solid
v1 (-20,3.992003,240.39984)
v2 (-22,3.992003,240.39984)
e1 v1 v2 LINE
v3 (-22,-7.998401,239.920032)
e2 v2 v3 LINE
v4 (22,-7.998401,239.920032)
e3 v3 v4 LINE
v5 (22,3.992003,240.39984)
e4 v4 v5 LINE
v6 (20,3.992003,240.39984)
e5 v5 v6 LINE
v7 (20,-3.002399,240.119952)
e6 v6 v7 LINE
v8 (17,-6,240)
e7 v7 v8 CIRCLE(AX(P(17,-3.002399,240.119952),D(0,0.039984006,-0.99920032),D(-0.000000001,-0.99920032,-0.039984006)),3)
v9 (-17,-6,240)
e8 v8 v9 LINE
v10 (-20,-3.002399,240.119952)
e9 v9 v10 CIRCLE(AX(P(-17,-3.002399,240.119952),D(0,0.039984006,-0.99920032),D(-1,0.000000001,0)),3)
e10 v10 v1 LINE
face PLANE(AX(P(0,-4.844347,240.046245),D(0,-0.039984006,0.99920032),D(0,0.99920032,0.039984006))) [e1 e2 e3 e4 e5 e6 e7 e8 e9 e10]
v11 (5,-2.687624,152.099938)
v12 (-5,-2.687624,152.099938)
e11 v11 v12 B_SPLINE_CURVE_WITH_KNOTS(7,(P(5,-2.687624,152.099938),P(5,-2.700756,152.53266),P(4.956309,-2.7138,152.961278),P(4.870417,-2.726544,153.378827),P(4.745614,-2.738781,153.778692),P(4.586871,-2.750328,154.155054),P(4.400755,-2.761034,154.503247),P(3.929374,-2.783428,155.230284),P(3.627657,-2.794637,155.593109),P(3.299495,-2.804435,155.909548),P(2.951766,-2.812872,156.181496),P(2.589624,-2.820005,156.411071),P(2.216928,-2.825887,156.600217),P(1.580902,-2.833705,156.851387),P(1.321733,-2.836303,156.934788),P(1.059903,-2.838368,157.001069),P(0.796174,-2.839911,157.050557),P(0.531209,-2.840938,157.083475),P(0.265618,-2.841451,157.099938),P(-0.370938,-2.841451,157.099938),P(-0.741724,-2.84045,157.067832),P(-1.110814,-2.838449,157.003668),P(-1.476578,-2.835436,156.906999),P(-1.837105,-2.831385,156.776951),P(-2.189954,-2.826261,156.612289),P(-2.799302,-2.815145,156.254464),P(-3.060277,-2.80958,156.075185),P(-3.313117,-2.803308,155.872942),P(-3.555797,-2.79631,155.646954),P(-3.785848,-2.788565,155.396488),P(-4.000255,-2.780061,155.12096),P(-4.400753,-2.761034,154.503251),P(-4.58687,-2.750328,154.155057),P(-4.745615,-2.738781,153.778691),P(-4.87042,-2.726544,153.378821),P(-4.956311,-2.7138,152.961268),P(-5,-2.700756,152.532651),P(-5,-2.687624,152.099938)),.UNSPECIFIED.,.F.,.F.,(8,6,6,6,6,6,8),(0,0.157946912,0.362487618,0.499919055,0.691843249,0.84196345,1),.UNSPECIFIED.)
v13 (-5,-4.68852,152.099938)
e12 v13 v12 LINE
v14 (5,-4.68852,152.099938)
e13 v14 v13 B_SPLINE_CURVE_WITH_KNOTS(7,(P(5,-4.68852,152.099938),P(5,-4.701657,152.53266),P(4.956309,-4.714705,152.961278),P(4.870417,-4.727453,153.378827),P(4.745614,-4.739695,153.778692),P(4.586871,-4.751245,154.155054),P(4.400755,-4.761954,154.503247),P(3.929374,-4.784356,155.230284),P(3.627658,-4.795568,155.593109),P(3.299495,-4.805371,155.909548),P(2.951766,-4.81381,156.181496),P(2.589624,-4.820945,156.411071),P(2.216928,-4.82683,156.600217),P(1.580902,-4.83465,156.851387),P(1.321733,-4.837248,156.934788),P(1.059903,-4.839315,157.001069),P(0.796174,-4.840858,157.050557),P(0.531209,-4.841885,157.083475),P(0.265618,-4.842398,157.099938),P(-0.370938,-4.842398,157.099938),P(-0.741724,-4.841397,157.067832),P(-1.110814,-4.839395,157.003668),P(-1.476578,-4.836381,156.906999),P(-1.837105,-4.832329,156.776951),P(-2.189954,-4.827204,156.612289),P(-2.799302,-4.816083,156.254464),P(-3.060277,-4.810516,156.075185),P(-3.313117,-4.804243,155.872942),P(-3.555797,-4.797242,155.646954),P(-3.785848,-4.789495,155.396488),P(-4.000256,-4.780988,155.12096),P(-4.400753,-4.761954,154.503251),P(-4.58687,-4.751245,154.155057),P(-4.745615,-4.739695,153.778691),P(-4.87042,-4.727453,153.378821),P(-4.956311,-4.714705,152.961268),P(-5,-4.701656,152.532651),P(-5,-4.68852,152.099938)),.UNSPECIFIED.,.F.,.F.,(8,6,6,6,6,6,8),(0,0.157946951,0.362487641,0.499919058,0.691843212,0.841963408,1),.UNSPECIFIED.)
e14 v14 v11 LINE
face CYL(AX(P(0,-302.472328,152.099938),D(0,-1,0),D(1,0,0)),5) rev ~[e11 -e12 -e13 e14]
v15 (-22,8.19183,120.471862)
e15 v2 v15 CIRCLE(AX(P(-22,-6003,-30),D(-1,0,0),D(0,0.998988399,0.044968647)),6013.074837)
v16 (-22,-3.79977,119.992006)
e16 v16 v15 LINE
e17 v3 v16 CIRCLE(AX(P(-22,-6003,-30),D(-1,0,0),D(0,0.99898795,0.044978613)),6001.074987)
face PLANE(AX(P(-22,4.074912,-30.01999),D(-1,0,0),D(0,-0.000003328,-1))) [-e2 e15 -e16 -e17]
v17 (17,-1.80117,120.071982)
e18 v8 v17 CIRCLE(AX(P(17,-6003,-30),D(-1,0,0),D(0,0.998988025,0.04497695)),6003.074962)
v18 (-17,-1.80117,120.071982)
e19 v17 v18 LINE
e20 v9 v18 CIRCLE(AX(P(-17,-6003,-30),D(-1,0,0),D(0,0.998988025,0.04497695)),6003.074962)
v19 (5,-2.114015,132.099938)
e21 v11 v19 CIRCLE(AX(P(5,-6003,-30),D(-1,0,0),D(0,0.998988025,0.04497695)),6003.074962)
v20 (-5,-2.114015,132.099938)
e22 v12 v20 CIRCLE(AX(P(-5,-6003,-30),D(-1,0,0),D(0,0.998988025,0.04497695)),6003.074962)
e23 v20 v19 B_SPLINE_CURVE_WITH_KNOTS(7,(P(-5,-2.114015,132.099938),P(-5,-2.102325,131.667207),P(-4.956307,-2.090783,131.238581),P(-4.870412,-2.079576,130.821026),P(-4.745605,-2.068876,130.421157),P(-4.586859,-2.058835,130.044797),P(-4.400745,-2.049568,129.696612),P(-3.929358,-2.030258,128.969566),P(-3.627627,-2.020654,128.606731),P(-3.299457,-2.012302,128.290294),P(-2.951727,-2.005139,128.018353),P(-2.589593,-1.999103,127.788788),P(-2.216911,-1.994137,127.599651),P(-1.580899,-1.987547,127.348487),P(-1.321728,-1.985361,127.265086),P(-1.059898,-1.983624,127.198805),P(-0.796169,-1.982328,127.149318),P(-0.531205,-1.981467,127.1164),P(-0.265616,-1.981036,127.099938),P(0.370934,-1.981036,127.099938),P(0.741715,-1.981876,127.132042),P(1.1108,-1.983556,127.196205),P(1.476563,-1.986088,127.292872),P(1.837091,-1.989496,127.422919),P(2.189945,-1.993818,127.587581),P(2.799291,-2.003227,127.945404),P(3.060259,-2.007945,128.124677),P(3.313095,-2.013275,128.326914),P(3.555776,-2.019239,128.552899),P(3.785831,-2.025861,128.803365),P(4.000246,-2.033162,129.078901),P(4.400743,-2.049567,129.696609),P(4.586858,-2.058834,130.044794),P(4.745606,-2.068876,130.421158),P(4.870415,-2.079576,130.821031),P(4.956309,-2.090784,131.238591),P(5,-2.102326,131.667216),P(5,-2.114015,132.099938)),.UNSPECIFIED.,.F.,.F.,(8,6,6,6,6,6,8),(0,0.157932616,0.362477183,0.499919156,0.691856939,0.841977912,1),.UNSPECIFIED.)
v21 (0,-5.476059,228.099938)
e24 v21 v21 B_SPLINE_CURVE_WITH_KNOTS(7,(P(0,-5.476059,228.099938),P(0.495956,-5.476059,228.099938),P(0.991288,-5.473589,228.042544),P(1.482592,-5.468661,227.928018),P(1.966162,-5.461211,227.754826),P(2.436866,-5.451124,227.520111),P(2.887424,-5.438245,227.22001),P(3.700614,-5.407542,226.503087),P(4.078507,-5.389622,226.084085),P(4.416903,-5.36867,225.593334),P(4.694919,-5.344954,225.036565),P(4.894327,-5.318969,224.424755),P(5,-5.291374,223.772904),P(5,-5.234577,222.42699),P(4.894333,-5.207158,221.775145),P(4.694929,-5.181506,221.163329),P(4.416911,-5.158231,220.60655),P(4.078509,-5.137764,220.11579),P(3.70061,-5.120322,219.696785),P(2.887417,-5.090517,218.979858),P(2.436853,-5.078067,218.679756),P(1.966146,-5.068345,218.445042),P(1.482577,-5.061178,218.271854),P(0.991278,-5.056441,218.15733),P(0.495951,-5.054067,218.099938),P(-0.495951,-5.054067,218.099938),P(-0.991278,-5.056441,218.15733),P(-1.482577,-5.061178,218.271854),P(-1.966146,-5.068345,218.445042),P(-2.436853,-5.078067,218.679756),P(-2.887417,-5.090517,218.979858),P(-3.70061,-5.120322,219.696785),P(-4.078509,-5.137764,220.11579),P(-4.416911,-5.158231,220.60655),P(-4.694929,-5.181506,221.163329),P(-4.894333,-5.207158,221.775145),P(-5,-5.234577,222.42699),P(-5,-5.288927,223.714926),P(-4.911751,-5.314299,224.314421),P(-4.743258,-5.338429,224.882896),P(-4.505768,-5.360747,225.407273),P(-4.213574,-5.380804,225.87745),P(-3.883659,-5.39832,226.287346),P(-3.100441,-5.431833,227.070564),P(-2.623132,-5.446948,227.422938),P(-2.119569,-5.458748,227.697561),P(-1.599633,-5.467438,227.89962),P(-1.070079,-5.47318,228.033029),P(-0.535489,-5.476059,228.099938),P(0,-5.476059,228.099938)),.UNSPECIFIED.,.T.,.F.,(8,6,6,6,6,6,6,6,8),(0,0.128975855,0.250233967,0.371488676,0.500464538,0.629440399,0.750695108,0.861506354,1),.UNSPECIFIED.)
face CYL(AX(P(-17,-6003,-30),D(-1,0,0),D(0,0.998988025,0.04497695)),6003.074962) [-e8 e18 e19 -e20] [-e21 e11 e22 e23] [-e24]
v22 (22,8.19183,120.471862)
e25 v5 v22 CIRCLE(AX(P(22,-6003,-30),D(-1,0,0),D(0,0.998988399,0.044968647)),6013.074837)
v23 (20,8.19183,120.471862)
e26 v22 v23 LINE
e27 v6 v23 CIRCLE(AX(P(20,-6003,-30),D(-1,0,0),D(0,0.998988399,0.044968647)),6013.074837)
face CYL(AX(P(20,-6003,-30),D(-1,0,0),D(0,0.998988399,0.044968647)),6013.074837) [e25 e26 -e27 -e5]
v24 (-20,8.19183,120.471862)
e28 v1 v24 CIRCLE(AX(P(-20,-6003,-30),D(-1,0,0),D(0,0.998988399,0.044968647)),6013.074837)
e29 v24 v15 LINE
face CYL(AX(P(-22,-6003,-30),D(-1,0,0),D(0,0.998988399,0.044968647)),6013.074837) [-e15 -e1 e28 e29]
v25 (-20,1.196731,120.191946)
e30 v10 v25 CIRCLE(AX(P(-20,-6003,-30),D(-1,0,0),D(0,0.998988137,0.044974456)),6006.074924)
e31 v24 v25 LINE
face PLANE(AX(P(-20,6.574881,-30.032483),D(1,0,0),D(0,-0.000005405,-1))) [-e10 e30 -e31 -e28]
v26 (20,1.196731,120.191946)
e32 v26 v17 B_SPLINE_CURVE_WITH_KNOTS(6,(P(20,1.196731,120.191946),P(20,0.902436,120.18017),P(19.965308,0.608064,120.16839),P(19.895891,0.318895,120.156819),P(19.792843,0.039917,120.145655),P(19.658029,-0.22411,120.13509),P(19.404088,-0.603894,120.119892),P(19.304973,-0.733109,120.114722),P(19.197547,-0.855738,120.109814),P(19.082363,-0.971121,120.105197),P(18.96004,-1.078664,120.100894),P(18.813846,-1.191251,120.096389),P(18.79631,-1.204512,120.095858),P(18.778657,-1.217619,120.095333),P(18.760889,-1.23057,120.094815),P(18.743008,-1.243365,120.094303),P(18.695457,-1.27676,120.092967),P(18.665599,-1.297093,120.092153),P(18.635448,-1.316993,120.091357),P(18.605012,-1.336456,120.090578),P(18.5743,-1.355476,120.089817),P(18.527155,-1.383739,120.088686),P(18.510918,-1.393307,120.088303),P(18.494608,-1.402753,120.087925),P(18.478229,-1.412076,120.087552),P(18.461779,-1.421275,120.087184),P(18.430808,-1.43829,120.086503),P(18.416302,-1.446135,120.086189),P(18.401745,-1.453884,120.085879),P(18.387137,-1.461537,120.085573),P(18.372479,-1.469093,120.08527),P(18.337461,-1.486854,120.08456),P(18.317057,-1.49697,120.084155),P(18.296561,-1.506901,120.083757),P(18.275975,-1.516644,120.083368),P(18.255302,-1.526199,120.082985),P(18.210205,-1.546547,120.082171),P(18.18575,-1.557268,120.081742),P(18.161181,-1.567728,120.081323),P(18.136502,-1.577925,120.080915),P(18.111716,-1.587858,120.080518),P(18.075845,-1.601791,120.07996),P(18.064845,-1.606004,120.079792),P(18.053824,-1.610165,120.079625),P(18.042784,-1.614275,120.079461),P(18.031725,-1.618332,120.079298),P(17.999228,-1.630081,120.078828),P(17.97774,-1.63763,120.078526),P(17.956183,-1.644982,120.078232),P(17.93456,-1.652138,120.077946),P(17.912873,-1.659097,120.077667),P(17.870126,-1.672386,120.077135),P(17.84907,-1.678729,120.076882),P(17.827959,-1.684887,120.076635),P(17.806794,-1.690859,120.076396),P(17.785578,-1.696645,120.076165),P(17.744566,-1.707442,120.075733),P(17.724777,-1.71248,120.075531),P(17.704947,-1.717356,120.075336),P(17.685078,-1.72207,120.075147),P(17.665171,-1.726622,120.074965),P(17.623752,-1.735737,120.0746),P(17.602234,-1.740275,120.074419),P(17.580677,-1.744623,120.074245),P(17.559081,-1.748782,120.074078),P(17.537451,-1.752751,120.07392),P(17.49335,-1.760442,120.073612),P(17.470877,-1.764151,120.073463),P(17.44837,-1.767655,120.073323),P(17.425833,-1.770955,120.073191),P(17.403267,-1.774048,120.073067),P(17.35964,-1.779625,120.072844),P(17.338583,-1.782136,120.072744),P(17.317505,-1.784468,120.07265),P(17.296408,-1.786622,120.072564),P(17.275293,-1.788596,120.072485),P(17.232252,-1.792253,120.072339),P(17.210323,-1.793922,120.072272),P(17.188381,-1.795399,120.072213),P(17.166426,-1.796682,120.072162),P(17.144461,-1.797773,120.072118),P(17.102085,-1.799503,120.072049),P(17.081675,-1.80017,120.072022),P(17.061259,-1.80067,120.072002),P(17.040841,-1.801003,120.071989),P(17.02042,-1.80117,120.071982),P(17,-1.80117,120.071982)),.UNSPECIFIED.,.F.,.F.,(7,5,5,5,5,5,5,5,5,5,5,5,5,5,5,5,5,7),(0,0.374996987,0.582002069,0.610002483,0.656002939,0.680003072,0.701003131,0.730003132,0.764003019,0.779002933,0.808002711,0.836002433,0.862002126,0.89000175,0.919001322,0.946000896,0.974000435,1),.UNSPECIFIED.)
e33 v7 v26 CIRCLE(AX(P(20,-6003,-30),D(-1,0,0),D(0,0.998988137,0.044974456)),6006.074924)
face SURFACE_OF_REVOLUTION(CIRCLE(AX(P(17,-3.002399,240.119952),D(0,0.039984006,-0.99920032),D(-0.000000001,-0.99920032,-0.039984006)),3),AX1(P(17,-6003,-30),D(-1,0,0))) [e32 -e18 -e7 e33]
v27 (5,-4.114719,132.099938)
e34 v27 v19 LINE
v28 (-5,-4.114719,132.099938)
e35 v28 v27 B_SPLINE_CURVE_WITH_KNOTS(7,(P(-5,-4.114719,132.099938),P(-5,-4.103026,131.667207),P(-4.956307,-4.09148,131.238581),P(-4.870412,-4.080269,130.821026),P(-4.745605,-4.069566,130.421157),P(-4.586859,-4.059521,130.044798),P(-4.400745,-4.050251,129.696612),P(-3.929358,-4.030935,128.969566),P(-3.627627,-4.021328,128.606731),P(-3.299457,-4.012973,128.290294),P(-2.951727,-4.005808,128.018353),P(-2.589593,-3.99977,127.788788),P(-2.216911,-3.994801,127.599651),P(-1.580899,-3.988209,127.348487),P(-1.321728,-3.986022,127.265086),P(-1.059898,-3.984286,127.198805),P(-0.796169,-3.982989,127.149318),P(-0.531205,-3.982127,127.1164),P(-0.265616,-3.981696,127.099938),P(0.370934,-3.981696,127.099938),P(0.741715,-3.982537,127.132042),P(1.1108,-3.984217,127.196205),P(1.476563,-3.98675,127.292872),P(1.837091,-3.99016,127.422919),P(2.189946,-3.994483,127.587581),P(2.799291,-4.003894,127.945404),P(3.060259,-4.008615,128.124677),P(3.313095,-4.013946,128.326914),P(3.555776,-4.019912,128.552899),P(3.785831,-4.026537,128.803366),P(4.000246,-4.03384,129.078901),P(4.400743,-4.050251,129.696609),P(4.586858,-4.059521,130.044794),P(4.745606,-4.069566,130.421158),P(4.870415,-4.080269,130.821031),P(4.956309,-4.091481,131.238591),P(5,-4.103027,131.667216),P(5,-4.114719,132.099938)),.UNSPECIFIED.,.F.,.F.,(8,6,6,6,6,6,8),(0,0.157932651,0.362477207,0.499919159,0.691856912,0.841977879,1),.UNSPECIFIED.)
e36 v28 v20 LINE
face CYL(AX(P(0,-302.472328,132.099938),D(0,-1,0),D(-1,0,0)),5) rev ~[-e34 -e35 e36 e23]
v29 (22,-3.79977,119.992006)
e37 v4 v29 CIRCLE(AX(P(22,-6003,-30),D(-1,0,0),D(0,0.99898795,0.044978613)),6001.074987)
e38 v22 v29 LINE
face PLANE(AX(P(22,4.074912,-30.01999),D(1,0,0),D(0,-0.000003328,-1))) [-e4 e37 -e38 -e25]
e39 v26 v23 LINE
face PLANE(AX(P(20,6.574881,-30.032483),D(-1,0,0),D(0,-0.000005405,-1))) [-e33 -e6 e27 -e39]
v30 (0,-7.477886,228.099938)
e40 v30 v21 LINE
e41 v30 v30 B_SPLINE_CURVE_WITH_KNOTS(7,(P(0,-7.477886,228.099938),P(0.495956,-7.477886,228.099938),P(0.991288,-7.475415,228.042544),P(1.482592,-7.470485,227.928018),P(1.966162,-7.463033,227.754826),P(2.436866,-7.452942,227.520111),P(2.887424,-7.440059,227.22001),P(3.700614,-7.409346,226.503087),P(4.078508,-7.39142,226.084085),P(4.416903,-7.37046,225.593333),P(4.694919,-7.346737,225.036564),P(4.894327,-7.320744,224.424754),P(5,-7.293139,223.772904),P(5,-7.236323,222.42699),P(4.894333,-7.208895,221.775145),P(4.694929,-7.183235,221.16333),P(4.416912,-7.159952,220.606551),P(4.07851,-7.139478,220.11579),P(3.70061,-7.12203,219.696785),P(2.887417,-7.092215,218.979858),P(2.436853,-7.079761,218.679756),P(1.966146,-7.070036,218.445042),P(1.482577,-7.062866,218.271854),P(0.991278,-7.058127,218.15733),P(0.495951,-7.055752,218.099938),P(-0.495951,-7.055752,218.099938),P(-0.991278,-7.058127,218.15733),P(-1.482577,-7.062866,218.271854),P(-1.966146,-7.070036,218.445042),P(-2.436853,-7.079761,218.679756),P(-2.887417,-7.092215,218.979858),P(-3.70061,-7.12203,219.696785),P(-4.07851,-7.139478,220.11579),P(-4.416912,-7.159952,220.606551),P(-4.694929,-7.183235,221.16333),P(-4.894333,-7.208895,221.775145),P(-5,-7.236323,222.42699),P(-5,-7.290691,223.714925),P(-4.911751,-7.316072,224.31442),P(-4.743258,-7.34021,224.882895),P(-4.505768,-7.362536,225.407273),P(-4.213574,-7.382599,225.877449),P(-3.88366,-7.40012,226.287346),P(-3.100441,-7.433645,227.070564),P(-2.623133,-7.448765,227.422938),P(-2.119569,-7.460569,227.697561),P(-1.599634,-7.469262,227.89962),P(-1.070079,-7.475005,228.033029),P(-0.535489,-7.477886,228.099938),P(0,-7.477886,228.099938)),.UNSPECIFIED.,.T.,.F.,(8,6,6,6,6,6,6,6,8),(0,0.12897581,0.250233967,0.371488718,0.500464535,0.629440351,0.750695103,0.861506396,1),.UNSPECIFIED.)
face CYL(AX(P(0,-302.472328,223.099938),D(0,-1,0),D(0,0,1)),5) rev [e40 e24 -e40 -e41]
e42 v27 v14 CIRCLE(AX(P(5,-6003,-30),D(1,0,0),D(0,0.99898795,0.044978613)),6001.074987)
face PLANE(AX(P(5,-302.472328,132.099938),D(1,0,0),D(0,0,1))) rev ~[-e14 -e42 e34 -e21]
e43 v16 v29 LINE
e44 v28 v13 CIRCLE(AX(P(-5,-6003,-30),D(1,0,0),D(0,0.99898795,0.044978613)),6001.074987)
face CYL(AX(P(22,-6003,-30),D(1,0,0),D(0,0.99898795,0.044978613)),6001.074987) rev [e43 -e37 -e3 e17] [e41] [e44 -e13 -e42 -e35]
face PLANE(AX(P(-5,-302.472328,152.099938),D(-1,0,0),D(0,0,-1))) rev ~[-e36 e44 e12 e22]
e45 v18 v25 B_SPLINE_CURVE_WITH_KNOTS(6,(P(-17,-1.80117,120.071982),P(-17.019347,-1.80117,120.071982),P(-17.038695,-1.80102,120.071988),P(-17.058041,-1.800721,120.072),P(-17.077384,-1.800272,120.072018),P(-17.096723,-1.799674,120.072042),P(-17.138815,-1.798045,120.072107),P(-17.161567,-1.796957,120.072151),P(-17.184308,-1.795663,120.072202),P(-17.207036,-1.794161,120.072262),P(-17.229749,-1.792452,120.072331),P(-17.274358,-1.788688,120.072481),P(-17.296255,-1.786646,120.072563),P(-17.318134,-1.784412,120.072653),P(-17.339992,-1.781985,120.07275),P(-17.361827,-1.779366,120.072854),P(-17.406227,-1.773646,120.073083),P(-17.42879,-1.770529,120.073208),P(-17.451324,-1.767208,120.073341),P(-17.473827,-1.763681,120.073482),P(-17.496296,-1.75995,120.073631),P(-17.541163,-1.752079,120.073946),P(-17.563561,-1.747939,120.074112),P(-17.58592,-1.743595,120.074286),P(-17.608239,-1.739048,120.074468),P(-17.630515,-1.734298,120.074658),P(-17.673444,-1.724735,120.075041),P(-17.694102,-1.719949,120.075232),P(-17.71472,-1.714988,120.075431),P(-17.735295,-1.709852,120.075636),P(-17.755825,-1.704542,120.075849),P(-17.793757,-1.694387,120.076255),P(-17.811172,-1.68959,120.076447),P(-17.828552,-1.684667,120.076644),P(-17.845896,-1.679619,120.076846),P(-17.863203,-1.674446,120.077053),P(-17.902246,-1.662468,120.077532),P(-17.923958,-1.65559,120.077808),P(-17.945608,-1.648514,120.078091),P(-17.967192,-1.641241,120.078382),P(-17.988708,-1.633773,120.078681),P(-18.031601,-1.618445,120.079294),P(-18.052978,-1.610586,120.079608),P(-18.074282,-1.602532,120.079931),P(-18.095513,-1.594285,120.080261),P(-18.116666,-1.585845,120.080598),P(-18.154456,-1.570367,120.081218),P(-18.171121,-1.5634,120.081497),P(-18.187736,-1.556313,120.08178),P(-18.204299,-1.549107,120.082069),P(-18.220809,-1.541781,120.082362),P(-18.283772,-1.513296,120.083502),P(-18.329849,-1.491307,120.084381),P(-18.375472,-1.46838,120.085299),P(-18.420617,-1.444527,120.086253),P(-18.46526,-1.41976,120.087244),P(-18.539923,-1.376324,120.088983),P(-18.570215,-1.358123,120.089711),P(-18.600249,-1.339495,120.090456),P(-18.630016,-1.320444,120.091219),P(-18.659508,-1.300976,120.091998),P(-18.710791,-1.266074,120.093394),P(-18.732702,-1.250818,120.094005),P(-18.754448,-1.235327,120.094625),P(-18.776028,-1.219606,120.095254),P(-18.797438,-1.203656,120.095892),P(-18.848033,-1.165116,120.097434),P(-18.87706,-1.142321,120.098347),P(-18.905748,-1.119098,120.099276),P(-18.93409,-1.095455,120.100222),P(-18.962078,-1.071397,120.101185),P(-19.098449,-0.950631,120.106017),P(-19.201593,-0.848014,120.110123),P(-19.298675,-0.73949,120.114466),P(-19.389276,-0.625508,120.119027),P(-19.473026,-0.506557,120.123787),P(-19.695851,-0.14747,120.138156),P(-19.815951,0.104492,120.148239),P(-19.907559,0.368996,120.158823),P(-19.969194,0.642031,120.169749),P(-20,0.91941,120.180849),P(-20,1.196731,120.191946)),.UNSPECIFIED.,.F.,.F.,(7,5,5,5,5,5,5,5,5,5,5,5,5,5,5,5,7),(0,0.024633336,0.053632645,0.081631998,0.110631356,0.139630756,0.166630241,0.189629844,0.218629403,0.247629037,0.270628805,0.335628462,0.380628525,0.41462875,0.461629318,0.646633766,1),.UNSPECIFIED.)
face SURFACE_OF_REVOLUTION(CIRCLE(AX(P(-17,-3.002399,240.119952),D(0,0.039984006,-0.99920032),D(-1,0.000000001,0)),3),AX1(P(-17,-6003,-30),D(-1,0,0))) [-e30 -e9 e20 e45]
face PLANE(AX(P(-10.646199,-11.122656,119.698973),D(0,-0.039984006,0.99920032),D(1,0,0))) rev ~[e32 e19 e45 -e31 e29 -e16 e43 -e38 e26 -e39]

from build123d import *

# Parameters (mm, degrees)
VARIOUS_MOUNTING_POINTS_DEPTH      = 302.472328172
VARIOUS_MOUNTING_POINTS_DEPTH_BACK = 302.472328172
SKETCH4_R                          = 5
SKETCH5_W                          = 142.042704148
SKETCH5_H                          = 92.874075788
CUT_EXTRUDE1_DEPTH                 = 422.289527912


with BuildPart() as part:
    # Sweep1: sweep along a path in Sketch3
    with BuildLine(Plane(origin=(0, 0, 0), x_dir=(0, 0, -1), z_dir=(1, 0, 0))) as sweep1_path:
        ThreePointArc((-240, -6), (30, 0.074962051), (300, -6))
    # Sketch1 → Sweep1 (sweep)
    with BuildSketch(Plane.XY):
        with BuildLine():
            Line((-17, 0), (17, 0))
            ThreePointArc((17, 0), (19.121320344, 0.878679656), (20, 3))
            Line((20, 3), (20, 10))
            Line((20, 10), (22, 10))
            Line((22, 10), (22, -2))
            Line((22, -2), (-22, -2))
            Line((-22, -2), (-22, 10))
            Line((-22, 10), (-20, 10))
            Line((-20, 10), (-20, 3))
            ThreePointArc((-20, 3), (-19.121320344, 0.878679656), (-17, 0))
        make_face()
    sweep(path=sweep1_path.line)

    # Sketch4 → Various mounting points (cut, two sides: drawn at the far end of the back side and taken through both)
    with BuildSketch(Plane(origin=(0, 0, 0), x_dir=(1, 0, 0), z_dir=(0, 1, 0)).offset(-VARIOUS_MOUNTING_POINTS_DEPTH_BACK)):
        with Locations(Location((0, 197.900062461, 0), (0, 0, 270))):
            Circle(SKETCH4_R)
        with Locations(Location((0, -223.099937539, 0), (0, 0, 270))):
            Circle(SKETCH4_R)
        with BuildLine():
            Line((-5, 256.900062461), (-5, 276.900062461))
            ThreePointArc((-5, 276.900062461), (0, 281.900062461), (5, 276.900062461))
            Line((5, 276.900062461), (5, 256.900062461))
            ThreePointArc((5, 256.900062461), (0, 251.900062461), (-5, 256.900062461))
        make_face()
        with BuildLine():
            Line((-5, 87.900062461), (-5, 107.900062461))
            ThreePointArc((-5, 107.900062461), (0, 112.900062461), (5, 107.900062461))
            Line((5, 107.900062461), (5, 87.900062461))
            ThreePointArc((5, 87.900062461), (0, 82.900062461), (-5, 87.900062461))
        make_face()
        with BuildLine():
            Line((-5, 7.900062461), (-5, 27.900062461))
            ThreePointArc((-5, 27.900062461), (0, 32.900062461), (5, 27.900062461))
            Line((5, 27.900062461), (5, 7.900062461))
            ThreePointArc((5, 7.900062461), (0, 2.900062461), (-5, 7.900062461))
        make_face()
        with BuildLine():
            Line((-5, -72.099937539), (-5, -52.099937539))
            ThreePointArc((-5, -52.099937539), (0, -47.099937539), (5, -52.099937539))
            Line((5, -52.099937539), (5, -72.099937539))
            ThreePointArc((5, -72.099937539), (0, -77.099937539), (-5, -72.099937539))
        make_face()
        with BuildLine():
            Line((-5, -152.099937539), (-5, -132.099937539))
            ThreePointArc((-5, -132.099937539), (0, -127.099937539), (5, -132.099937539))
            Line((5, -132.099937539), (5, -152.099937539))
            ThreePointArc((5, -152.099937539), (0, -157.099937539), (-5, -152.099937539))
        make_face()
    extrude(amount=VARIOUS_MOUNTING_POINTS_DEPTH + VARIOUS_MOUNTING_POINTS_DEPTH_BACK, mode=Mode.SUBTRACT)

    # Sketch5 → Cut-Extrude1 (cut, through all)
    with BuildSketch(Plane(origin=(0, -4.799999233, 119.951980823), x_dir=(1, 0, 0), z_dir=(0, -0.039984006397440985, 0.9992003198720513))):
        with Locations((-10.646198733, -6.327716956)):
            Rectangle(SKETCH5_W, SKETCH5_H)
    extrude(amount=-CUT_EXTRUDE1_DEPTH, mode=Mode.SUBTRACT)


solid = part.part
